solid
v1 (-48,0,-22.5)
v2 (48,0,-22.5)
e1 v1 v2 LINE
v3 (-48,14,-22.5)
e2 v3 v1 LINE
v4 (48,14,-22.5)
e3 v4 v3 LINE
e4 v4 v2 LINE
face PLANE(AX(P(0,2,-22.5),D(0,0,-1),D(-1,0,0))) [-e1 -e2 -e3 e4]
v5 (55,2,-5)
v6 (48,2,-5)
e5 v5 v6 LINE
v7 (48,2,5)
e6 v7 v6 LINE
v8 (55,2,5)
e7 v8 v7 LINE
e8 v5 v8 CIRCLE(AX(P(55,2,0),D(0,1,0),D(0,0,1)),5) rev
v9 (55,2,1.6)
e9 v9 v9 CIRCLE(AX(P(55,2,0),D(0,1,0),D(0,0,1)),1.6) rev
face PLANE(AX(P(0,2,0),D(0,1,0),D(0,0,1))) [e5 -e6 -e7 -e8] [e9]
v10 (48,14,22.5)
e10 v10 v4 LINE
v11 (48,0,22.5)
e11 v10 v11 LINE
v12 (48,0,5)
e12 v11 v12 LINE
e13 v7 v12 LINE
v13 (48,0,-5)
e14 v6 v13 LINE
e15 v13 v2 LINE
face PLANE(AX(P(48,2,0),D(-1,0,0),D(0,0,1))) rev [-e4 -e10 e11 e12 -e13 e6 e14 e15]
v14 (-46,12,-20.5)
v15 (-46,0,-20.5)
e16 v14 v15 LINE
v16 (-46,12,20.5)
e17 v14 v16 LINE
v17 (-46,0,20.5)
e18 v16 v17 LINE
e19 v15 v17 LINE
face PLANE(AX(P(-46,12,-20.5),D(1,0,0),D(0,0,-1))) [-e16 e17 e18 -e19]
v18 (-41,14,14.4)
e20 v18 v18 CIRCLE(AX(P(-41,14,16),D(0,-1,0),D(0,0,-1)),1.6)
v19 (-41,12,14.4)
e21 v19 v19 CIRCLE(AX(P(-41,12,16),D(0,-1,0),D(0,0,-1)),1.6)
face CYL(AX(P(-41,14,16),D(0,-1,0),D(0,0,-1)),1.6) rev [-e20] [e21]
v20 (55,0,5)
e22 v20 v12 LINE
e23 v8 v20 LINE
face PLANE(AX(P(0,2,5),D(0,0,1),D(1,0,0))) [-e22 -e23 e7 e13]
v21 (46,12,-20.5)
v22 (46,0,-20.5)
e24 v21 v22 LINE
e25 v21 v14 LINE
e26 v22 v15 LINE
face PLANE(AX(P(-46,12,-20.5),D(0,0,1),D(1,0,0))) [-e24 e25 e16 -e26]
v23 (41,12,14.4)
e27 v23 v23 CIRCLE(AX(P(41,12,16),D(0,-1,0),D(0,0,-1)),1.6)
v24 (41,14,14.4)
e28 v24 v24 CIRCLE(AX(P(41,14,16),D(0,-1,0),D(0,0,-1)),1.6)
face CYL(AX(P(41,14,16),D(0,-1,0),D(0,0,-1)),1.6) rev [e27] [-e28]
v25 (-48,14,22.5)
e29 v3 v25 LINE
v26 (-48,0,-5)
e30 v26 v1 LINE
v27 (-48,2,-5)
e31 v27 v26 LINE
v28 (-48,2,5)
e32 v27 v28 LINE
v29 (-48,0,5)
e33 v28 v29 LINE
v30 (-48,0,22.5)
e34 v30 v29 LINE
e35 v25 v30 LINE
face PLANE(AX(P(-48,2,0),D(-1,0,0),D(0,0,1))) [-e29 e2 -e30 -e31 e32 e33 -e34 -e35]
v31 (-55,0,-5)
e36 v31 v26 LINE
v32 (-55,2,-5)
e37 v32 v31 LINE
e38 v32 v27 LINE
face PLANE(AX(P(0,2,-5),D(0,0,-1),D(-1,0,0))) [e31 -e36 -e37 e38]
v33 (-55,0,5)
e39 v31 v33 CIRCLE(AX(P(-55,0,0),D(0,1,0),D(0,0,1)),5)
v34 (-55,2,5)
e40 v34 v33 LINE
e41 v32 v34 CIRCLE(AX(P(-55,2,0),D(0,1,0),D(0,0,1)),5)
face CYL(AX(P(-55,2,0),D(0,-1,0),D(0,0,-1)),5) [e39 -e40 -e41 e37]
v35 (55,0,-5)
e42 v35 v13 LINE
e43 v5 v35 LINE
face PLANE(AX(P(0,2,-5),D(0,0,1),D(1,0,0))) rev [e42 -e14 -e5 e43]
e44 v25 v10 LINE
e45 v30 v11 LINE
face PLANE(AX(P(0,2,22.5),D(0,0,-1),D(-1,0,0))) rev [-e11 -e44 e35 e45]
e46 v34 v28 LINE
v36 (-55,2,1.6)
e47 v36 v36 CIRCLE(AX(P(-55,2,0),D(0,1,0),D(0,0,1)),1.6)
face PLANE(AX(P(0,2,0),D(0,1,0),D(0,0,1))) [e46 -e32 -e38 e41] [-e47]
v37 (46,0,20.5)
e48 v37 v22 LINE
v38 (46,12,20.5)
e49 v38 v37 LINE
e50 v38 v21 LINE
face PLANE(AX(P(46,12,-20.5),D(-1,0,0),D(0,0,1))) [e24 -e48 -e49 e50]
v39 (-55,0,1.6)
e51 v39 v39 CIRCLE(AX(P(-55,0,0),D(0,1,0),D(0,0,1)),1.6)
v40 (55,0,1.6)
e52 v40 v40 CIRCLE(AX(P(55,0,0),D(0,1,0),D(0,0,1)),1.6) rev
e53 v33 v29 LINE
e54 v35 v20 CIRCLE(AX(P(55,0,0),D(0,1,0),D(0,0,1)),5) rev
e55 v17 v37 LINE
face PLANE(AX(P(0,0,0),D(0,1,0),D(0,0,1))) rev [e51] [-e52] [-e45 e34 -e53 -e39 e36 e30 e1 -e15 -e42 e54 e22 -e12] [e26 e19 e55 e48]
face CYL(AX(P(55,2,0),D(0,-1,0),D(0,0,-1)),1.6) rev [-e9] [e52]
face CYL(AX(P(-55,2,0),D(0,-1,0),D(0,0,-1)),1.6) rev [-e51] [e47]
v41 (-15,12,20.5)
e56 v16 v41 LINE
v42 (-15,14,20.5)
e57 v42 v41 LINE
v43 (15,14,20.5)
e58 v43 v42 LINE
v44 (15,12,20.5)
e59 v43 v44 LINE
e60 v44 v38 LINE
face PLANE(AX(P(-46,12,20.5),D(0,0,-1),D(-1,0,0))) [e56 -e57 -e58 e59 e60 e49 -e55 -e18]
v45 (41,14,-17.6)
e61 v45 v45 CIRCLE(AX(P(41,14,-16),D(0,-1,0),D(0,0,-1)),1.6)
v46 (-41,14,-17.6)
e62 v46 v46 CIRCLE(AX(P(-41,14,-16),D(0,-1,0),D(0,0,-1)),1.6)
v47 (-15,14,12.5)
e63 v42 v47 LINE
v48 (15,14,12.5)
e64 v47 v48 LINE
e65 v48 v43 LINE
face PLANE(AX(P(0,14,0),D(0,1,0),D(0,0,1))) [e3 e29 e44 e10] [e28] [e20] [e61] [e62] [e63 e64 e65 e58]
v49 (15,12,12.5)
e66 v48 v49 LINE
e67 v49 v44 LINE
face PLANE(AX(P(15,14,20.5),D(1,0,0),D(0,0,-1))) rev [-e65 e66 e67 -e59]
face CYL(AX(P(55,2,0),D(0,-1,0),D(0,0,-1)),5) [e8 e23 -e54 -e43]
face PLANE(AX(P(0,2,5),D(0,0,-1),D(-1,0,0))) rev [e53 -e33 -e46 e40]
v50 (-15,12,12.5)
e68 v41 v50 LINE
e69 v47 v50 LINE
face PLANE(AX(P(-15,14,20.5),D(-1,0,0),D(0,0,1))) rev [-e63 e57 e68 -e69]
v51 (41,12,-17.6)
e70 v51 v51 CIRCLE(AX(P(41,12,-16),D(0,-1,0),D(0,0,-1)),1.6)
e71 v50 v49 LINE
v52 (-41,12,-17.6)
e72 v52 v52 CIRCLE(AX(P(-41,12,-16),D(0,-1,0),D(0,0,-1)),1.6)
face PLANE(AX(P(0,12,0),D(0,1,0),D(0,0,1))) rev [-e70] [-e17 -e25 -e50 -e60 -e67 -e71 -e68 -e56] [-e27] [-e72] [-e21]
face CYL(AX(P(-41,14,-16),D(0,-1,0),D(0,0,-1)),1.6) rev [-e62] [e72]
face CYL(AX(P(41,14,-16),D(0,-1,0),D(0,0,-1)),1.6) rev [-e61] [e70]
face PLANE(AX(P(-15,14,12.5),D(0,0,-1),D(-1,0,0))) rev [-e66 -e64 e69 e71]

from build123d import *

# Parameters (mm, degrees)
SKETCH1_R           = 1.6
BOSS_EXTRUDE1_DEPTH = 2
SKETCH2_W           = 96
SKETCH2_H           = 45
SKETCH2_W_2         = 92
SKETCH2_H_2         = 41
BOSS_EXTRUDE2_DEPTH = 10
SKETCH3_W           = 92
SKETCH3_H           = 41
CUT_EXTRUDE1_DEPTH  = 65.855608855
SKETCH4_W           = 96
SKETCH4_H           = 45
BOSS_EXTRUDE3_DEPTH = 2
CUT_EXTRUDE2_DEPTH  = 66.193941436
SKETCH6_W           = 30
SKETCH6_H           = 8
CUT_EXTRUDE4_DEPTH  = 66.193941436


with BuildPart() as part:
    # Sketch1 → Boss-Extrude1 (new body)
    with BuildSketch(Plane(origin=(0, 0, 0), x_dir=(1, 0, 0), z_dir=(0, 1, 0))):
        with BuildLine():
            Line((-48, 5), (-55, 5))
            ThreePointArc((-55, 5), (-60, 0), (-55, -5))
            Line((-55, -5), (-48, -5))
            Line((-48, -5), (-48, -22.5))
            Line((-48, -22.5), (48, -22.5))
            Line((48, -22.5), (48, -5))
            Line((48, -5), (55, -5))
            ThreePointArc((55, -5), (60, 0), (55, 5))
            Line((55, 5), (48, 5))
            Line((48, 5), (48, 22.5))
            Line((48, 22.5), (-48, 22.5))
            Line((-48, 22.5), (-48, 5))
        make_face()
        with Locations(Location((-55, 0, 0), (0, 0, 270))):
            Circle(SKETCH1_R, mode=Mode.SUBTRACT)
        with Locations(Location((55, 0, 0), (0, 0, 270))):
            Circle(SKETCH1_R, mode=Mode.SUBTRACT)
    extrude(amount=BOSS_EXTRUDE1_DEPTH)

    # Sketch2 → Boss-Extrude2 (add)
    with BuildSketch(Plane(origin=(0, 2, 0), x_dir=(1, 0, 0), z_dir=(0, 1, 0))):
        Rectangle(SKETCH2_W, SKETCH2_H)
        Rectangle(SKETCH2_W_2, SKETCH2_H_2, mode=Mode.SUBTRACT)
    extrude(amount=BOSS_EXTRUDE2_DEPTH)

    # Sketch3 → Cut-Extrude1 (cut, through all)
    with BuildSketch(Plane(origin=(0, 2, 0), x_dir=(1, 0, 0), z_dir=(0, 1, 0))):
        Rectangle(SKETCH3_W, SKETCH3_H)
    extrude(amount=-CUT_EXTRUDE1_DEPTH, mode=Mode.SUBTRACT)

    # Sketch4 → Boss-Extrude3 (add)
    with BuildSketch(Plane(origin=(0, 12, 0), x_dir=(1, 0, 0), z_dir=(0, 1, 0))):
        Rectangle(SKETCH4_W, SKETCH4_H)
    extrude(amount=BOSS_EXTRUDE3_DEPTH)

    # Sketch5 → Cut-Extrude2 (cut, through all)
    with BuildSketch(Plane(origin=(0, 12, 0), x_dir=(-1, 0, 0), z_dir=(0, -1, 0))):
        with BuildLine():
            ThreePointArc((42.6, -16), (42.13137085, -14.86862915), (41, -14.4))
            Line((41, -14.4), (41, -16))
            Line((41, -16), (39.4, -16))
            ThreePointArc((39.4, -16), (41, -17.6), (42.6, -16))
        make_face()
        with BuildLine():
            Line((41, -16), (41, -14.4))
            ThreePointArc((41, -14.4), (39.86862915, -14.86862915), (39.4, -16))
            Line((39.4, -16), (41, -16))
        make_face()
        with BuildLine():
            ThreePointArc((42.6, 16), (41, 17.6), (39.4, 16))
            Line((39.4, 16), (41, 16))
            Line((41, 16), (41, 14.4))
            ThreePointArc((41, 14.4), (42.13137085, 14.86862915), (42.6, 16))
        make_face()
        with BuildLine():
            Line((41, 16), (39.4, 16))
            ThreePointArc((39.4, 16), (39.86862915, 14.86862915), (41, 14.4))
            Line((41, 14.4), (41, 16))
        make_face()
        with BuildLine():
            ThreePointArc((-41, 14.4), (-39.86862915, 14.86862915), (-39.4, 16))
            Line((-39.4, 16), (-41, 16))
            Line((-41, 16), (-41, 14.4))
        make_face()
        with BuildLine():
            Line((-41, 16), (-39.4, 16))
            ThreePointArc((-39.4, 16), (-42.13137085, 17.13137085), (-41, 14.4))
            Line((-41, 14.4), (-41, 16))
        make_face()
        with BuildLine():
            ThreePointArc((-39.4, -16), (-39.86862915, -14.86862915), (-41, -14.4))
            Line((-41, -14.4), (-41, -16))
            Line((-41, -16), (-39.4, -16))
        make_face()
        with BuildLine():
            Line((-41, -16), (-41, -14.4))
            ThreePointArc((-41, -14.4), (-42.13137085, -17.13137085), (-39.4, -16))
            Line((-39.4, -16), (-41, -16))
        make_face()
    extrude(amount=-CUT_EXTRUDE2_DEPTH, mode=Mode.SUBTRACT)

    # Sketch6 → Cut-Extrude4 (cut, through all)
    with BuildSketch(Plane(origin=(0, 12, 0), x_dir=(-1, 0, 0), z_dir=(0, -1, 0))):
        with Locations((0, -16.5)):
            Rectangle(SKETCH6_W, SKETCH6_H)
    extrude(amount=-CUT_EXTRUDE4_DEPTH, mode=Mode.SUBTRACT)


solid = part.part
